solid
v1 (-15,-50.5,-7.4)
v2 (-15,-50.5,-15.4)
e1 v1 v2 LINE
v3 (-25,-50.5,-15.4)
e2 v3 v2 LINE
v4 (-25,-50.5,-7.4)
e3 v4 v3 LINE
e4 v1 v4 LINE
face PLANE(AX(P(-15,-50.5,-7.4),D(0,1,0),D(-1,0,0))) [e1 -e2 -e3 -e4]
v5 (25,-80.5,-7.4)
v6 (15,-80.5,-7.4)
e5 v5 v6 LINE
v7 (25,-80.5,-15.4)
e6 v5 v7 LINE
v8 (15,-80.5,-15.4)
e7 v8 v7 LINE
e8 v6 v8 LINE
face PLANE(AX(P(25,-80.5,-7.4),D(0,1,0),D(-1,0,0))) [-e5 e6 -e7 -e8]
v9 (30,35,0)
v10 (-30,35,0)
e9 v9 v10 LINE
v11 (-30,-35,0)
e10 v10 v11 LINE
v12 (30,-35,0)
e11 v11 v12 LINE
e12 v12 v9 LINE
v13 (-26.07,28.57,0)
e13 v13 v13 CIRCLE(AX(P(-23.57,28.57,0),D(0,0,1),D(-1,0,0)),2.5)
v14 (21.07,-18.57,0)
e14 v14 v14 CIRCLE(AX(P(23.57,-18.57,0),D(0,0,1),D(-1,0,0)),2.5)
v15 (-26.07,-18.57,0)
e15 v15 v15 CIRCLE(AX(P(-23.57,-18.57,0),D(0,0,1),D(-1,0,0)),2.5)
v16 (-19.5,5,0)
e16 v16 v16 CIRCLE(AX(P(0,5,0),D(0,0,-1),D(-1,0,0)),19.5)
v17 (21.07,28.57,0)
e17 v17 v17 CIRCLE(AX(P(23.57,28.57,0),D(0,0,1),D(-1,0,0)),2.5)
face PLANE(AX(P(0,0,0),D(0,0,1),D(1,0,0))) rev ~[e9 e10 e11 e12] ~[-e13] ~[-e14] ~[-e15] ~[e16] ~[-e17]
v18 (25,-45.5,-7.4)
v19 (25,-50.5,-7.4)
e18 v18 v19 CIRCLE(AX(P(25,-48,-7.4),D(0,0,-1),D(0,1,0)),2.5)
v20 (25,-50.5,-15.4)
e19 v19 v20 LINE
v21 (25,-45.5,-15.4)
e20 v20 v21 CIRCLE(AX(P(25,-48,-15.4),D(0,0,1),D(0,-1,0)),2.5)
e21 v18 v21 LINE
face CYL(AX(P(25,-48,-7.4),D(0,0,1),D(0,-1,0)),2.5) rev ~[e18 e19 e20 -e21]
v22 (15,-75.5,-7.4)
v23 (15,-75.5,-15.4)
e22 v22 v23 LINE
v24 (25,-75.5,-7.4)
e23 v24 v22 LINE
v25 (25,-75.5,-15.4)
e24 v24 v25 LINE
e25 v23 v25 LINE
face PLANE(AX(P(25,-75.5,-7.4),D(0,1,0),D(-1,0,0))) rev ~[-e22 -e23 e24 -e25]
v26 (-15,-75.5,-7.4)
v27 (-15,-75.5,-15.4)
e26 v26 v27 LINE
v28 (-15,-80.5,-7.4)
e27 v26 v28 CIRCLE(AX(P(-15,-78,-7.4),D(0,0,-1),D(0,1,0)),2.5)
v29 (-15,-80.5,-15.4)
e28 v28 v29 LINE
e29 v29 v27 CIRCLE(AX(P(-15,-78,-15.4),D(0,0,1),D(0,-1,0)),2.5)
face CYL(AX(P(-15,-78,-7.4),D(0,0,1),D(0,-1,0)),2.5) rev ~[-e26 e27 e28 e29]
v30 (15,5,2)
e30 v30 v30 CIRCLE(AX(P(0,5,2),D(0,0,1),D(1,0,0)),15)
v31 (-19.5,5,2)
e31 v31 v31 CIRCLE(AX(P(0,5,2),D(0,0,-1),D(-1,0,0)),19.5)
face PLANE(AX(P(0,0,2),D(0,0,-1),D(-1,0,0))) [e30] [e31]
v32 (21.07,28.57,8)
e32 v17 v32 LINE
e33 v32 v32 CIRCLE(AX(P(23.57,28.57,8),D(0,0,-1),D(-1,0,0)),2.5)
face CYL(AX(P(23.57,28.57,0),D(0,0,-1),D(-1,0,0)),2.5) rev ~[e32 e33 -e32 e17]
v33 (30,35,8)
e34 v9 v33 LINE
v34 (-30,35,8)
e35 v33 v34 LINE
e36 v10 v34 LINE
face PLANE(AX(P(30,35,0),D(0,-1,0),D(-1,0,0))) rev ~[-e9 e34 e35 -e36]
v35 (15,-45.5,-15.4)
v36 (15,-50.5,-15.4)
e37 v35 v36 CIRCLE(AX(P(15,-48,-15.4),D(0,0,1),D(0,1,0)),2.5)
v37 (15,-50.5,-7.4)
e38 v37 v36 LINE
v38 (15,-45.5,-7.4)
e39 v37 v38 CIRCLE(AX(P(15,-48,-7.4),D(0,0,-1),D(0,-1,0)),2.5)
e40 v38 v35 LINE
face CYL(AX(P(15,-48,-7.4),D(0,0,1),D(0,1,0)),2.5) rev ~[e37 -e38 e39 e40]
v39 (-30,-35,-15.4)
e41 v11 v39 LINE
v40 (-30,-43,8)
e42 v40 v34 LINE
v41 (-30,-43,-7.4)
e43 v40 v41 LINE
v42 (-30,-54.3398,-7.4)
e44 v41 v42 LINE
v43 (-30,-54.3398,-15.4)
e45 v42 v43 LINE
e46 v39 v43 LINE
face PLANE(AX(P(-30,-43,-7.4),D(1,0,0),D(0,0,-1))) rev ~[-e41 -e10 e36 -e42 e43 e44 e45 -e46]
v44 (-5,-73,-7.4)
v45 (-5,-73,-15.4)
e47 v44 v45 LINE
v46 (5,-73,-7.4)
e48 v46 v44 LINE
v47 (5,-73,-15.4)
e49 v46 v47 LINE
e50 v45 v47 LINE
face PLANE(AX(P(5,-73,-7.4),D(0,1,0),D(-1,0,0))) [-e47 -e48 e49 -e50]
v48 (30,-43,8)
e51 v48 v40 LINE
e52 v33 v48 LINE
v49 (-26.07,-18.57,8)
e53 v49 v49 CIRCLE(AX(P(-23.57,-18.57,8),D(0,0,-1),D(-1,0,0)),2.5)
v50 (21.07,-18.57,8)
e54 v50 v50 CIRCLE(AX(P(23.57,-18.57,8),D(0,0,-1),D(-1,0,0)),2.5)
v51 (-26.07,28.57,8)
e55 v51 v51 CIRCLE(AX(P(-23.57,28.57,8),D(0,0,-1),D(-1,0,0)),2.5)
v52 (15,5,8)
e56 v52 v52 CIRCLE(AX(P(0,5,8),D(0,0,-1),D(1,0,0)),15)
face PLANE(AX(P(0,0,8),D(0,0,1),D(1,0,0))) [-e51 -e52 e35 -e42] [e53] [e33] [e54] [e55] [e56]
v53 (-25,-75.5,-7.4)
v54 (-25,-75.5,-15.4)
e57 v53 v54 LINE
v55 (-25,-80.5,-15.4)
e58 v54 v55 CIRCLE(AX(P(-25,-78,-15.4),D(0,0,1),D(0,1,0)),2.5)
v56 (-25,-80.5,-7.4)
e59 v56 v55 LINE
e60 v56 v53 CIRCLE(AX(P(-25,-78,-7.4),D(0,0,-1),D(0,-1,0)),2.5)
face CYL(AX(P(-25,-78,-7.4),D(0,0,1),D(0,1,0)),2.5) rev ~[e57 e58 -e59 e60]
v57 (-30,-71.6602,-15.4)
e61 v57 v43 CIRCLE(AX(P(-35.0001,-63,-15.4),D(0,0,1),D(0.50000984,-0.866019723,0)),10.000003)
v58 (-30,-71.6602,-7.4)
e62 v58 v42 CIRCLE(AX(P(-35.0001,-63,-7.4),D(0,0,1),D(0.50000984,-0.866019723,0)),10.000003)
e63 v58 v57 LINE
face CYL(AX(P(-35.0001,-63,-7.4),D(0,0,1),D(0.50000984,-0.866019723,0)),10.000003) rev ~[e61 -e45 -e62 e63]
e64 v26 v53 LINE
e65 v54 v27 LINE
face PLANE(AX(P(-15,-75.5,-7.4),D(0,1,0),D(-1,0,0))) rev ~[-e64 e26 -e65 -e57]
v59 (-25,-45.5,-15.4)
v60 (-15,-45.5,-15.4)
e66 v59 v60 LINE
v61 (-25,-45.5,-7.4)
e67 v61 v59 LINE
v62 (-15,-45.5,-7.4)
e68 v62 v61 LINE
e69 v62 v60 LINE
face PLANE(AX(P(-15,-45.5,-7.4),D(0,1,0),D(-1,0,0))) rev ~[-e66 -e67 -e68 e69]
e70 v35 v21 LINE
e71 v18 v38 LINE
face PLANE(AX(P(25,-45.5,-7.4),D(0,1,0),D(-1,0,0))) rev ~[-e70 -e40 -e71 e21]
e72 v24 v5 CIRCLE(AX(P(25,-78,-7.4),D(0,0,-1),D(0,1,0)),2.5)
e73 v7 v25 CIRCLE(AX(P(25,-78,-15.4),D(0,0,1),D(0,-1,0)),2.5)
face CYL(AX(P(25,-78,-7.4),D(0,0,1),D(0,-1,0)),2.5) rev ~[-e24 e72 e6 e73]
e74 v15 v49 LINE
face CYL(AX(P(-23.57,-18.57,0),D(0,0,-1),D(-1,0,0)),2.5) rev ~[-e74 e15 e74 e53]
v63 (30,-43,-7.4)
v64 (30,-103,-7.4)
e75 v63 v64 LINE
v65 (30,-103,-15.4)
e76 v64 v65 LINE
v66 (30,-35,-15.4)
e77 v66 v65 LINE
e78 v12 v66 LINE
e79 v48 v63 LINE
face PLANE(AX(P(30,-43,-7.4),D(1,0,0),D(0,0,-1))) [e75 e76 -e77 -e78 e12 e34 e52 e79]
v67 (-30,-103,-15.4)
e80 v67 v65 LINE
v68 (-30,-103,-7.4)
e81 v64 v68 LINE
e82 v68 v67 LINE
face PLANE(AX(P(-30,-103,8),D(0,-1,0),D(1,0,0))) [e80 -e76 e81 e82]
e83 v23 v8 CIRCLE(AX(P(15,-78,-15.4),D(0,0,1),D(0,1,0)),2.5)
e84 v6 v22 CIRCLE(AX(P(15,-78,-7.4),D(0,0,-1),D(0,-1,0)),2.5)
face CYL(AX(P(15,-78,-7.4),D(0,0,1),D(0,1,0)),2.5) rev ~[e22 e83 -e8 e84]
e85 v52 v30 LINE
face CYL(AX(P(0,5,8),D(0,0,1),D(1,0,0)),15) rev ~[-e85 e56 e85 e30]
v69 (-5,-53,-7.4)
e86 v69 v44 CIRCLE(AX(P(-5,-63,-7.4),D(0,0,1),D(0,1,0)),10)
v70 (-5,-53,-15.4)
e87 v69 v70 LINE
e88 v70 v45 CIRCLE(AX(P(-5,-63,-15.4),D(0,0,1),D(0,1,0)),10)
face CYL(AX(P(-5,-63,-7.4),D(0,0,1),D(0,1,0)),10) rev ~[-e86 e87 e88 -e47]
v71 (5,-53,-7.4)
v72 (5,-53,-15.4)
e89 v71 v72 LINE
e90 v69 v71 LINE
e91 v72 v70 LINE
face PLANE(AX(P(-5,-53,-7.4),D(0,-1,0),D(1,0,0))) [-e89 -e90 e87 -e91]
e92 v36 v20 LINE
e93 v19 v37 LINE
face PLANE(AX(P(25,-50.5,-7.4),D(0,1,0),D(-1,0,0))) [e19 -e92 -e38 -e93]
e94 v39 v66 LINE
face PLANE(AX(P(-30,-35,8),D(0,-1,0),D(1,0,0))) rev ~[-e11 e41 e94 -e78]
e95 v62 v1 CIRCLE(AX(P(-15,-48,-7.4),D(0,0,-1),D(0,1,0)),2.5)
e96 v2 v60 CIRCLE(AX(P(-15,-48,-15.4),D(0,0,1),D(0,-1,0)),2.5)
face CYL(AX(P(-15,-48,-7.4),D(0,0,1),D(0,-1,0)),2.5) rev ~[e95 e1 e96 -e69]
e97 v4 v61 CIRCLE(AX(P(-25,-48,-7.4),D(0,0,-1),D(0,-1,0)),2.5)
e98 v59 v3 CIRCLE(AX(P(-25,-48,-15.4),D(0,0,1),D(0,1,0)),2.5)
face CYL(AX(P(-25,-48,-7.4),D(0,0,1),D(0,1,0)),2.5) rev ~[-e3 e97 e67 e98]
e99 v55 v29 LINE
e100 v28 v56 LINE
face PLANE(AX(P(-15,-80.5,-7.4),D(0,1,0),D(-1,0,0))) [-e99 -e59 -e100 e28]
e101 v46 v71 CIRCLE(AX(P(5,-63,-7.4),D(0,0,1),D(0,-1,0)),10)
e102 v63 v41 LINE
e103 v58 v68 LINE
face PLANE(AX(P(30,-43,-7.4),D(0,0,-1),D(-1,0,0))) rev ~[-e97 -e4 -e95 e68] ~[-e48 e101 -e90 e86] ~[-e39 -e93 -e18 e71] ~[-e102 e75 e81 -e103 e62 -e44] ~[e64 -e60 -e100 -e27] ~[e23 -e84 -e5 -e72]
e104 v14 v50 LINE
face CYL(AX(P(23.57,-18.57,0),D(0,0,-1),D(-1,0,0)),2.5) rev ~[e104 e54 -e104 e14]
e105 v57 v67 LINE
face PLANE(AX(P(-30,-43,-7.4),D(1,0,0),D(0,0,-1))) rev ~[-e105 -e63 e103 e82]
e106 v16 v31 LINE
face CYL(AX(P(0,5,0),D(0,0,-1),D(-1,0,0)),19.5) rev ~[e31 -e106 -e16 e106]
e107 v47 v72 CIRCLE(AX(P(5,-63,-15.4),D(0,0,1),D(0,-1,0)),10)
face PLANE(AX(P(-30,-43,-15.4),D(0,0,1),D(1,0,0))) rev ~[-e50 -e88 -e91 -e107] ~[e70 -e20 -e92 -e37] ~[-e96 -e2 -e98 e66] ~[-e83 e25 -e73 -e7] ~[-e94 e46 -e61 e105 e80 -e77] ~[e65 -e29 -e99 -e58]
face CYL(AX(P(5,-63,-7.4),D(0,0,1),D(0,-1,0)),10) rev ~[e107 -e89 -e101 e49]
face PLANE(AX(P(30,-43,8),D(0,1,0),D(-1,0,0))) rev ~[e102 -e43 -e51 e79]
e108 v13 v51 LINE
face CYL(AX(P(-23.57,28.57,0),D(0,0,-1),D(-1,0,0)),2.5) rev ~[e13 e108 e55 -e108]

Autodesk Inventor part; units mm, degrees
ref_plane "YZ Plane" through (0, 0, 0) normal (1, 0, 0) x (0, 1, 0)
ref_plane "XZ Plane" through (0, 0, 0) normal (0, 1, 0) x (-1, 0, 0)
ref_plane "XY Plane" through (0, 0, 0) normal (0, 0, 1) x (1, 0, 0)
sketch "Szkic1" plane through (0, 0, 0) normal (0, 0, 1) x (1, 0, 0)
  line L0 (-30, -35) -> (30, -35)
  line L1 (30, -35) -> (30, 35)
  line L2 (30, 35) -> (-30, 35)
  line L3 (-30, 35) -> (-30, -35)
  line L4 (-30, -35) -> (30, 35) construction
  line L5 (30, -35) -> (-30, 35) construction
  point P0 (0, 0)
  dimension "d0" = 60
  dimension "d1" = 70
extrude "Wyciągnięcie proste1" add sketch "Szkic1" along normal blind 8
sketch "Szkic2" plane through (0, 0, 0) normal (0, 0, -1) x (-1, 0, 0)
  line L0 (30, -35) -> (-30, -35) projected
  line L1 (30, 35) -> (30, -35) projected
  line L2 (-30, 35) -> (30, 35) projected
  line L3 (-30, -35) -> (-30, 35) projected
  line L4 (23.57, 5) -> (23.57, 28.57)
  line L5 (23.57, 28.57) -> (-23.57, 28.57)
  line L6 (-23.57, 28.57) -> (-23.57, -18.57)
  line L7 (-23.57, -18.57) -> (23.57, -18.57)
  line L8 (23.57, -18.57) -> (23.57, 5)
  circle A0 centre (23.57, 28.57) radius 2.5
  circle A1 centre (-23.57, 28.57) radius 2.5
  circle A2 centre (-23.57, -18.57) radius 2.5
  circle A3 centre (23.57, -18.57) radius 2.5
  line L9 (0, 0) -> (0, 5)
  dimension "d6" = 47.14
  dimension "d7" = 47.14
  dimension "d8" = 47.14
  dimension "d9" = 5
  dimension "d10" = 5
  dimension "d11" = 5
  dimension "d12" = 5
  dimension "d15" = 5
extrude "Wyciągnięcie proste3" cut sketch "Szkic2" against normal up to next contours A0 L5 L4 | L4 L5 A0 | A3 L7 L8 | L8 L7 A3 | A1 L6 L5 | L5 L6 A1 | A2 L6 L7 | L7 L6 A2
sketch "Szkic4" plane through (0, 0, 8) normal (0, 0, 1) x (1, 0, 0)
  line L0 (-30, -35) -> (30, -35) projected
  line L1 (30, -35) -> (30, -43)
  line L2 (30, -43) -> (-30, -43)
  line L3 (-30, -43) -> (-30, -35)
  point P0 (0, 0)
  dimension "d18" = 8
extrude "Wyciągnięcie proste4" add sketch "Szkic4" against normal blind 43.4
sketch "Szkic5" plane through (0, 0, 8) normal (0, 0, 1) x (1, 0, 0)
  circle A0 centre (-23.57, -18.57) radius 2.5 projected
  circle A1 centre (23.57, 28.57) radius 2.5 projected
  circle A2 centre (-23.57, 28.57) radius 2.5 projected
  circle A3 centre (23.57, -18.57) radius 2.5 projected
  line L0 (30, 35) -> (30, -43) projected
  line L1 (30, 35) -> (-30, 35) projected
  line L2 (-30, 35) -> (-30, -43) projected
  line L3 (30, -43) -> (-30, -43) projected
  line L4 (23.57, -18.57) -> (-23.57, 28.57)
  line L5 (-23.57, -18.57) -> (23.57, 28.57)
  circle A4 centre (0, 5) radius 15
  point P0 (0, 0)
  dimension "d21" = 30
extrude "Wyciągnięcie proste5" cut sketch "Szkic5" against normal up to next contours A4 L4 L5 | L5 L4 A4 | L5 A4 L4 | L4 A4 L5
thread "Gwint1" size "M5x0.8" class "6H" standard "ANSI Metric M Profile" full length
thread "Gwint2" size "M5x0.8" class "6H" standard "ANSI Metric M Profile" full length
thread "Gwint3" size "M5x0.8" class "6H" standard "ANSI Metric M Profile" full length
thread "Gwint4" size "M5x0.8" class "6H" standard "ANSI Metric M Profile" full length
sketch "Szkic10" plane through (0, 0, 0) normal (0, 0, -1) x (-1, 0, 0)
  circle A0 centre (0, 5) radius 15 projected
  circle A1 centre (0, 5) radius 19.5
  point P0 (0, 0)
  dimension "d59" = 39
extrude "Wyciągnięcie proste10" cut sketch "Szkic10" against normal blind 2
sketch "Szkic12" plane through (0, 0, -35.4) normal (0, 0, -1) x (-1, 0, 0)
  line L0 (30, -35) -> (-30, -35) projected
  line L1 (-30, -35) -> (-30, -43) projected
  line L2 (-30, -43) -> (30, -43) projected
  line L3 (30, -43) -> (30, -35) projected
  point P0 (0, 0)
extrude "Wyciągnięcie proste12" cut sketch "Szkic12" against normal blind 20
sketch "Szkic13" plane through (-30, -43, 8) normal (0, -1, 0) x (1, 0, 0)
  line L0 (0, -23.4) -> (60, -23.4) projected
  line L1 (0, 0) -> (0, -23.4) projected
  line L2 (60, 0) -> (60, -23.4) projected
  line L3 (60, -23.4) -> (60, -15.4)
  line L4 (60, -8) -> (60, -23.4) projected
  line L5 (60, -15.4) -> (0, -15.4)
  point P0 (30, -8)
  dimension "d66" = 8
extrude "Wyciągnięcie proste13" add sketch "Szkic13" along normal blind 60
sketch "Szkic16" plane through (-30, -43, -7.4) normal (0, 0, 1) x (1, 0, 0)
  line L0 (60, -60) -> (0, -60)
  line L1 (60, 0) -> (60, -60)
  line L2 (0, 0) -> (60, 0)
  line L3 (0, 0) -> (0, -60)
  circle A0 centre (30, -20) radius 6.5
  line L4 (30, -20) -> (35, -20)
  line L5 (30, -20) -> (25, -20)
  arc A1 (35, -30) -> (35, -10) centre (35, -20) ccw
  arc A2 (25, -10) -> (25, -30) centre (25, -20) ccw
  line L6 (25, -10) -> (35, -10)
  line L7 (35, -30) -> (25, -30)
  point P0 (30, 43)
  dimension "d87" = 5
  dimension "d88" = 5
  dimension "d89" = 10
extrude "Wyciągnięcie proste15" cut sketch "Szkic16" against normal up to next contours A0 | L7 A2 L6 A1
sketch "Szkic17" plane through (-30, -43, -7.4) normal (0, 0, 1) x (1, 0, 0)
  line L0 (25, -10) -> (35, -10) projected
  arc A0 (35, -30) -> (35, -10) centre (35, -20) ccw projected
  line L1 (35, -30) -> (25, -30) projected
  arc A1 (25, -10) -> (25, -30) centre (25, -20) ccw projected
  line L2 (0, 0) -> (60, 0) projected
  line L3 (0, 0) -> (0, -60) projected
  line L4 (60, -60) -> (0, -60) projected
  line L5 (60, 0) -> (60, -60) projected
  line L6 (60, 0) -> (60, -5)
  line L7 (60, 8) -> (60, -60) projected
  line L8 (30, -30) -> (30, -35)
  line L9 (60, -5) -> (57.5, -5)
  arc A2 (55, -7.5) -> (55, -2.5) centre (55, -5) ccw
  arc A3 (45, -2.5) -> (45, -7.5) centre (45, -5) ccw
  line L10 (55, -7.5) -> (45, -7.5)
  line L11 (60, -5) -> (57.5, -5)
  line L12 (55, -2.5) -> (45, -2.5)
  line L13 (60, -35) -> (57.5, -35)
  arc A4 (55, -37.5) -> (55, -32.5) centre (55, -35) ccw
  arc A5 (45, -32.5) -> (45, -37.5) centre (45, -35) ccw
  line L14 (55, -37.5) -> (45, -37.5)
  line L15 (55, -32.5) -> (45, -32.5)
  line L16 (30, -35) -> (42.5, -35)
  line L17 (57.5, -35) -> (60, -35)
  line L18 (0, -5) -> (2.5, -5)
  line L19 (0, -35) -> (2.5, -35)
  arc A6 (15, -7.5) -> (15, -2.5) centre (15, -5) ccw
  line L20 (15, -7.5) -> (5, -7.5)
  line L21 (15, -2.5) -> (5, -2.5)
  arc A7 (5, -2.5) -> (5, -7.5) centre (5, -5) ccw
  arc A8 (15, -37.5) -> (15, -32.5) centre (15, -35) ccw
  line L22 (15, -37.5) -> (5, -37.5)
  line L23 (15, -32.5) -> (5, -32.5)
  arc A9 (5, -32.5) -> (5, -37.5) centre (5, -35) ccw
  line L24 (42.5, -5) -> (17.5, -5)
  line L25 (2.5, -5) -> (0, -5)
  line L26 (30, -35) -> (17.5, -35)
  line L27 (2.5, -35) -> (0, -35)
  point P0 (30, 43)
  dimension "d92" = 5
  dimension "d93" = 5
  dimension "d98" = 2.5
  dimension "d99" = 2.5
  dimension "d100" = 2.5
  dimension "d101" = 2.5
extrude "Wyciągnięcie proste16" cut sketch "Szkic17" against normal up to next contours A5 L15 A4 L14 | A8 L22 A9 L23 | A2 L10 A3 L12 | A7 L21 A6 L20
sketch "Szkic18" plane through (-30, -43, -7.4) normal (0, 0, 1) x (1, 0, 0)
  line L0 (55, -5) -> (50, -5)
  line L1 (55, -35) -> (50, -35)
  line L2 (5, -5) -> (10, -5)
  line L3 (5, -35) -> (10, -35)
  circle A0 centre (10, -5) radius 2
  circle A1 centre (10, -35) radius 2
  circle A2 centre (50, -35) radius 2
  circle A3 centre (50, -5) radius 2
  line L4 (45, -2.5) -> (55, -2.5) projected
  arc A4 (55, -7.5) -> (55, -2.5) centre (55, -5) ccw projected
  line L5 (55, -7.5) -> (45, -7.5) projected
  arc A5 (45, -2.5) -> (45, -7.5) centre (45, -5) ccw projected
  line L6 (15, -37.5) -> (5, -37.5) projected
  arc A6 (5, -32.5) -> (5, -37.5) centre (5, -35) ccw projected
  line L7 (5, -32.5) -> (15, -32.5) projected
  arc A7 (15, -37.5) -> (15, -32.5) centre (15, -35) ccw projected
  line L8 (5, -2.5) -> (15, -2.5) projected
  arc A8 (15, -7.5) -> (15, -2.5) centre (15, -5) ccw projected
  line L9 (15, -7.5) -> (5, -7.5) projected
  arc A9 (5, -2.5) -> (5, -7.5) centre (5, -5) ccw projected
  line L10 (55, -37.5) -> (45, -37.5) projected
  arc A10 (45, -32.5) -> (45, -37.5) centre (45, -35) ccw projected
  line L11 (45, -32.5) -> (55, -32.5) projected
  arc A11 (55, -37.5) -> (55, -32.5) centre (55, -35) ccw projected
  line L12 (25, -10) -> (35, -10) projected
  arc A12 (35, -30) -> (35, -10) centre (35, -20) ccw projected
  line L13 (35, -30) -> (25, -30) projected
  arc A13 (25, -10) -> (25, -30) centre (25, -20) ccw projected
  line L14 (0, 0) -> (60, 0) projected
  line L15 (0, 0) -> (0, -60) projected
  line L16 (60, -60) -> (0, -60) projected
  line L17 (60, 0) -> (60, -60) projected
  line L18 (55, -5) -> (60, -5)
  line L19 (55, -35) -> (60, -35)
  line L20 (5, -5) -> (0, -5)
  line L21 (5, -35) -> (0, -35)
  point P0 (30, 43)
  dimension "d104" = 5
  dimension "d105" = 5
  dimension "d106" = 5
  dimension "d107" = 5
  dimension "d108" = 4
  dimension "d109" = 4
  dimension "d110" = 4
  dimension "d111" = 4
sketch "Szkic19" plane through (-30, -43, -7.4) normal (0, 0, 1) x (1, 0, 0)
  line L0 (45, -2.5) -> (55, -2.5)
  arc A0 (55, -7.5) -> (55, -2.5) centre (55, -5) ccw
  line L1 (55, -7.5) -> (45, -7.5)
  arc A1 (45, -2.5) -> (45, -7.5) centre (45, -5) ccw
  line L2 (15, -37.5) -> (5, -37.5)
  arc A2 (5, -32.5) -> (5, -37.5) centre (5, -35) ccw
  line L3 (5, -32.5) -> (15, -32.5)
  arc A3 (15, -37.5) -> (15, -32.5) centre (15, -35) ccw
  line L4 (5, -2.5) -> (15, -2.5)
  arc A4 (15, -7.5) -> (15, -2.5) centre (15, -5) ccw
  line L5 (15, -7.5) -> (5, -7.5)
  arc A5 (5, -2.5) -> (5, -7.5) centre (5, -5) ccw
  line L6 (55, -37.5) -> (45, -37.5)
  arc A6 (45, -32.5) -> (45, -37.5) centre (45, -35) ccw
  line L7 (45, -32.5) -> (55, -32.5)
  arc A7 (55, -37.5) -> (55, -32.5) centre (55, -35) ccw
  line L8 (25, -10) -> (35, -10)
  arc A8 (35, -30) -> (35, -10) centre (35, -20) ccw
  line L9 (35, -30) -> (25, -30)
  arc A9 (25, -10) -> (25, -30) centre (25, -20) ccw
  line L10 (0, 0) -> (60, 0)
  line L11 (60, -60) -> (0, -60)
  line L12 (60, 0) -> (60, -60)
  line L13 (60, 0) -> (60, -60)
  line L14 (60, -60) -> (0, -60)
  line L15 (0, 0) -> (60, 0)
  circle A10 centre (29.9999, -20) radius 6.5
  circle A11 centre (-10.0001, -20) radius 6.5
  line L16 (-10.0001, -20) -> (-5.0001, -20)
  arc A12 (0, -28.6602) -> (0, -11.3398) centre (-5.0001, -20) ccw
  line L17 (0, 0) -> (0, -2.5)
  line L18 (0, -37.5) -> (0, -60)
  line L19 (0, -11.3398) -> (0, -2.5)
  line L20 (0, 8) -> (0, -60) projected
  line L21 (0, -28.6602) -> (0, -37.5)
  line L22 (-5.0001, -20) -> (-3.5001, -20)
  line L23 (0, -11.3398) -> (-3.5001, -11.3398)
  line L24 (-3.5001, -11.3398) -> (-3.5001, -28.6602)
  line L25 (-3.5001, -28.6602) -> (0, -28.6602)
  point P0 (30, 43)
  dimension "d112" = 13
  dimension "d113" = 13
  dimension "d114" = 4.9999
  dimension "d115" = 5
extrude "Wyciągnięcie proste17" cut sketch "Szkic19" against normal up to next contours A12 L20 | L20 L25 L24 L23
properties part number "Uchwyt silnika krokowego osi X"
